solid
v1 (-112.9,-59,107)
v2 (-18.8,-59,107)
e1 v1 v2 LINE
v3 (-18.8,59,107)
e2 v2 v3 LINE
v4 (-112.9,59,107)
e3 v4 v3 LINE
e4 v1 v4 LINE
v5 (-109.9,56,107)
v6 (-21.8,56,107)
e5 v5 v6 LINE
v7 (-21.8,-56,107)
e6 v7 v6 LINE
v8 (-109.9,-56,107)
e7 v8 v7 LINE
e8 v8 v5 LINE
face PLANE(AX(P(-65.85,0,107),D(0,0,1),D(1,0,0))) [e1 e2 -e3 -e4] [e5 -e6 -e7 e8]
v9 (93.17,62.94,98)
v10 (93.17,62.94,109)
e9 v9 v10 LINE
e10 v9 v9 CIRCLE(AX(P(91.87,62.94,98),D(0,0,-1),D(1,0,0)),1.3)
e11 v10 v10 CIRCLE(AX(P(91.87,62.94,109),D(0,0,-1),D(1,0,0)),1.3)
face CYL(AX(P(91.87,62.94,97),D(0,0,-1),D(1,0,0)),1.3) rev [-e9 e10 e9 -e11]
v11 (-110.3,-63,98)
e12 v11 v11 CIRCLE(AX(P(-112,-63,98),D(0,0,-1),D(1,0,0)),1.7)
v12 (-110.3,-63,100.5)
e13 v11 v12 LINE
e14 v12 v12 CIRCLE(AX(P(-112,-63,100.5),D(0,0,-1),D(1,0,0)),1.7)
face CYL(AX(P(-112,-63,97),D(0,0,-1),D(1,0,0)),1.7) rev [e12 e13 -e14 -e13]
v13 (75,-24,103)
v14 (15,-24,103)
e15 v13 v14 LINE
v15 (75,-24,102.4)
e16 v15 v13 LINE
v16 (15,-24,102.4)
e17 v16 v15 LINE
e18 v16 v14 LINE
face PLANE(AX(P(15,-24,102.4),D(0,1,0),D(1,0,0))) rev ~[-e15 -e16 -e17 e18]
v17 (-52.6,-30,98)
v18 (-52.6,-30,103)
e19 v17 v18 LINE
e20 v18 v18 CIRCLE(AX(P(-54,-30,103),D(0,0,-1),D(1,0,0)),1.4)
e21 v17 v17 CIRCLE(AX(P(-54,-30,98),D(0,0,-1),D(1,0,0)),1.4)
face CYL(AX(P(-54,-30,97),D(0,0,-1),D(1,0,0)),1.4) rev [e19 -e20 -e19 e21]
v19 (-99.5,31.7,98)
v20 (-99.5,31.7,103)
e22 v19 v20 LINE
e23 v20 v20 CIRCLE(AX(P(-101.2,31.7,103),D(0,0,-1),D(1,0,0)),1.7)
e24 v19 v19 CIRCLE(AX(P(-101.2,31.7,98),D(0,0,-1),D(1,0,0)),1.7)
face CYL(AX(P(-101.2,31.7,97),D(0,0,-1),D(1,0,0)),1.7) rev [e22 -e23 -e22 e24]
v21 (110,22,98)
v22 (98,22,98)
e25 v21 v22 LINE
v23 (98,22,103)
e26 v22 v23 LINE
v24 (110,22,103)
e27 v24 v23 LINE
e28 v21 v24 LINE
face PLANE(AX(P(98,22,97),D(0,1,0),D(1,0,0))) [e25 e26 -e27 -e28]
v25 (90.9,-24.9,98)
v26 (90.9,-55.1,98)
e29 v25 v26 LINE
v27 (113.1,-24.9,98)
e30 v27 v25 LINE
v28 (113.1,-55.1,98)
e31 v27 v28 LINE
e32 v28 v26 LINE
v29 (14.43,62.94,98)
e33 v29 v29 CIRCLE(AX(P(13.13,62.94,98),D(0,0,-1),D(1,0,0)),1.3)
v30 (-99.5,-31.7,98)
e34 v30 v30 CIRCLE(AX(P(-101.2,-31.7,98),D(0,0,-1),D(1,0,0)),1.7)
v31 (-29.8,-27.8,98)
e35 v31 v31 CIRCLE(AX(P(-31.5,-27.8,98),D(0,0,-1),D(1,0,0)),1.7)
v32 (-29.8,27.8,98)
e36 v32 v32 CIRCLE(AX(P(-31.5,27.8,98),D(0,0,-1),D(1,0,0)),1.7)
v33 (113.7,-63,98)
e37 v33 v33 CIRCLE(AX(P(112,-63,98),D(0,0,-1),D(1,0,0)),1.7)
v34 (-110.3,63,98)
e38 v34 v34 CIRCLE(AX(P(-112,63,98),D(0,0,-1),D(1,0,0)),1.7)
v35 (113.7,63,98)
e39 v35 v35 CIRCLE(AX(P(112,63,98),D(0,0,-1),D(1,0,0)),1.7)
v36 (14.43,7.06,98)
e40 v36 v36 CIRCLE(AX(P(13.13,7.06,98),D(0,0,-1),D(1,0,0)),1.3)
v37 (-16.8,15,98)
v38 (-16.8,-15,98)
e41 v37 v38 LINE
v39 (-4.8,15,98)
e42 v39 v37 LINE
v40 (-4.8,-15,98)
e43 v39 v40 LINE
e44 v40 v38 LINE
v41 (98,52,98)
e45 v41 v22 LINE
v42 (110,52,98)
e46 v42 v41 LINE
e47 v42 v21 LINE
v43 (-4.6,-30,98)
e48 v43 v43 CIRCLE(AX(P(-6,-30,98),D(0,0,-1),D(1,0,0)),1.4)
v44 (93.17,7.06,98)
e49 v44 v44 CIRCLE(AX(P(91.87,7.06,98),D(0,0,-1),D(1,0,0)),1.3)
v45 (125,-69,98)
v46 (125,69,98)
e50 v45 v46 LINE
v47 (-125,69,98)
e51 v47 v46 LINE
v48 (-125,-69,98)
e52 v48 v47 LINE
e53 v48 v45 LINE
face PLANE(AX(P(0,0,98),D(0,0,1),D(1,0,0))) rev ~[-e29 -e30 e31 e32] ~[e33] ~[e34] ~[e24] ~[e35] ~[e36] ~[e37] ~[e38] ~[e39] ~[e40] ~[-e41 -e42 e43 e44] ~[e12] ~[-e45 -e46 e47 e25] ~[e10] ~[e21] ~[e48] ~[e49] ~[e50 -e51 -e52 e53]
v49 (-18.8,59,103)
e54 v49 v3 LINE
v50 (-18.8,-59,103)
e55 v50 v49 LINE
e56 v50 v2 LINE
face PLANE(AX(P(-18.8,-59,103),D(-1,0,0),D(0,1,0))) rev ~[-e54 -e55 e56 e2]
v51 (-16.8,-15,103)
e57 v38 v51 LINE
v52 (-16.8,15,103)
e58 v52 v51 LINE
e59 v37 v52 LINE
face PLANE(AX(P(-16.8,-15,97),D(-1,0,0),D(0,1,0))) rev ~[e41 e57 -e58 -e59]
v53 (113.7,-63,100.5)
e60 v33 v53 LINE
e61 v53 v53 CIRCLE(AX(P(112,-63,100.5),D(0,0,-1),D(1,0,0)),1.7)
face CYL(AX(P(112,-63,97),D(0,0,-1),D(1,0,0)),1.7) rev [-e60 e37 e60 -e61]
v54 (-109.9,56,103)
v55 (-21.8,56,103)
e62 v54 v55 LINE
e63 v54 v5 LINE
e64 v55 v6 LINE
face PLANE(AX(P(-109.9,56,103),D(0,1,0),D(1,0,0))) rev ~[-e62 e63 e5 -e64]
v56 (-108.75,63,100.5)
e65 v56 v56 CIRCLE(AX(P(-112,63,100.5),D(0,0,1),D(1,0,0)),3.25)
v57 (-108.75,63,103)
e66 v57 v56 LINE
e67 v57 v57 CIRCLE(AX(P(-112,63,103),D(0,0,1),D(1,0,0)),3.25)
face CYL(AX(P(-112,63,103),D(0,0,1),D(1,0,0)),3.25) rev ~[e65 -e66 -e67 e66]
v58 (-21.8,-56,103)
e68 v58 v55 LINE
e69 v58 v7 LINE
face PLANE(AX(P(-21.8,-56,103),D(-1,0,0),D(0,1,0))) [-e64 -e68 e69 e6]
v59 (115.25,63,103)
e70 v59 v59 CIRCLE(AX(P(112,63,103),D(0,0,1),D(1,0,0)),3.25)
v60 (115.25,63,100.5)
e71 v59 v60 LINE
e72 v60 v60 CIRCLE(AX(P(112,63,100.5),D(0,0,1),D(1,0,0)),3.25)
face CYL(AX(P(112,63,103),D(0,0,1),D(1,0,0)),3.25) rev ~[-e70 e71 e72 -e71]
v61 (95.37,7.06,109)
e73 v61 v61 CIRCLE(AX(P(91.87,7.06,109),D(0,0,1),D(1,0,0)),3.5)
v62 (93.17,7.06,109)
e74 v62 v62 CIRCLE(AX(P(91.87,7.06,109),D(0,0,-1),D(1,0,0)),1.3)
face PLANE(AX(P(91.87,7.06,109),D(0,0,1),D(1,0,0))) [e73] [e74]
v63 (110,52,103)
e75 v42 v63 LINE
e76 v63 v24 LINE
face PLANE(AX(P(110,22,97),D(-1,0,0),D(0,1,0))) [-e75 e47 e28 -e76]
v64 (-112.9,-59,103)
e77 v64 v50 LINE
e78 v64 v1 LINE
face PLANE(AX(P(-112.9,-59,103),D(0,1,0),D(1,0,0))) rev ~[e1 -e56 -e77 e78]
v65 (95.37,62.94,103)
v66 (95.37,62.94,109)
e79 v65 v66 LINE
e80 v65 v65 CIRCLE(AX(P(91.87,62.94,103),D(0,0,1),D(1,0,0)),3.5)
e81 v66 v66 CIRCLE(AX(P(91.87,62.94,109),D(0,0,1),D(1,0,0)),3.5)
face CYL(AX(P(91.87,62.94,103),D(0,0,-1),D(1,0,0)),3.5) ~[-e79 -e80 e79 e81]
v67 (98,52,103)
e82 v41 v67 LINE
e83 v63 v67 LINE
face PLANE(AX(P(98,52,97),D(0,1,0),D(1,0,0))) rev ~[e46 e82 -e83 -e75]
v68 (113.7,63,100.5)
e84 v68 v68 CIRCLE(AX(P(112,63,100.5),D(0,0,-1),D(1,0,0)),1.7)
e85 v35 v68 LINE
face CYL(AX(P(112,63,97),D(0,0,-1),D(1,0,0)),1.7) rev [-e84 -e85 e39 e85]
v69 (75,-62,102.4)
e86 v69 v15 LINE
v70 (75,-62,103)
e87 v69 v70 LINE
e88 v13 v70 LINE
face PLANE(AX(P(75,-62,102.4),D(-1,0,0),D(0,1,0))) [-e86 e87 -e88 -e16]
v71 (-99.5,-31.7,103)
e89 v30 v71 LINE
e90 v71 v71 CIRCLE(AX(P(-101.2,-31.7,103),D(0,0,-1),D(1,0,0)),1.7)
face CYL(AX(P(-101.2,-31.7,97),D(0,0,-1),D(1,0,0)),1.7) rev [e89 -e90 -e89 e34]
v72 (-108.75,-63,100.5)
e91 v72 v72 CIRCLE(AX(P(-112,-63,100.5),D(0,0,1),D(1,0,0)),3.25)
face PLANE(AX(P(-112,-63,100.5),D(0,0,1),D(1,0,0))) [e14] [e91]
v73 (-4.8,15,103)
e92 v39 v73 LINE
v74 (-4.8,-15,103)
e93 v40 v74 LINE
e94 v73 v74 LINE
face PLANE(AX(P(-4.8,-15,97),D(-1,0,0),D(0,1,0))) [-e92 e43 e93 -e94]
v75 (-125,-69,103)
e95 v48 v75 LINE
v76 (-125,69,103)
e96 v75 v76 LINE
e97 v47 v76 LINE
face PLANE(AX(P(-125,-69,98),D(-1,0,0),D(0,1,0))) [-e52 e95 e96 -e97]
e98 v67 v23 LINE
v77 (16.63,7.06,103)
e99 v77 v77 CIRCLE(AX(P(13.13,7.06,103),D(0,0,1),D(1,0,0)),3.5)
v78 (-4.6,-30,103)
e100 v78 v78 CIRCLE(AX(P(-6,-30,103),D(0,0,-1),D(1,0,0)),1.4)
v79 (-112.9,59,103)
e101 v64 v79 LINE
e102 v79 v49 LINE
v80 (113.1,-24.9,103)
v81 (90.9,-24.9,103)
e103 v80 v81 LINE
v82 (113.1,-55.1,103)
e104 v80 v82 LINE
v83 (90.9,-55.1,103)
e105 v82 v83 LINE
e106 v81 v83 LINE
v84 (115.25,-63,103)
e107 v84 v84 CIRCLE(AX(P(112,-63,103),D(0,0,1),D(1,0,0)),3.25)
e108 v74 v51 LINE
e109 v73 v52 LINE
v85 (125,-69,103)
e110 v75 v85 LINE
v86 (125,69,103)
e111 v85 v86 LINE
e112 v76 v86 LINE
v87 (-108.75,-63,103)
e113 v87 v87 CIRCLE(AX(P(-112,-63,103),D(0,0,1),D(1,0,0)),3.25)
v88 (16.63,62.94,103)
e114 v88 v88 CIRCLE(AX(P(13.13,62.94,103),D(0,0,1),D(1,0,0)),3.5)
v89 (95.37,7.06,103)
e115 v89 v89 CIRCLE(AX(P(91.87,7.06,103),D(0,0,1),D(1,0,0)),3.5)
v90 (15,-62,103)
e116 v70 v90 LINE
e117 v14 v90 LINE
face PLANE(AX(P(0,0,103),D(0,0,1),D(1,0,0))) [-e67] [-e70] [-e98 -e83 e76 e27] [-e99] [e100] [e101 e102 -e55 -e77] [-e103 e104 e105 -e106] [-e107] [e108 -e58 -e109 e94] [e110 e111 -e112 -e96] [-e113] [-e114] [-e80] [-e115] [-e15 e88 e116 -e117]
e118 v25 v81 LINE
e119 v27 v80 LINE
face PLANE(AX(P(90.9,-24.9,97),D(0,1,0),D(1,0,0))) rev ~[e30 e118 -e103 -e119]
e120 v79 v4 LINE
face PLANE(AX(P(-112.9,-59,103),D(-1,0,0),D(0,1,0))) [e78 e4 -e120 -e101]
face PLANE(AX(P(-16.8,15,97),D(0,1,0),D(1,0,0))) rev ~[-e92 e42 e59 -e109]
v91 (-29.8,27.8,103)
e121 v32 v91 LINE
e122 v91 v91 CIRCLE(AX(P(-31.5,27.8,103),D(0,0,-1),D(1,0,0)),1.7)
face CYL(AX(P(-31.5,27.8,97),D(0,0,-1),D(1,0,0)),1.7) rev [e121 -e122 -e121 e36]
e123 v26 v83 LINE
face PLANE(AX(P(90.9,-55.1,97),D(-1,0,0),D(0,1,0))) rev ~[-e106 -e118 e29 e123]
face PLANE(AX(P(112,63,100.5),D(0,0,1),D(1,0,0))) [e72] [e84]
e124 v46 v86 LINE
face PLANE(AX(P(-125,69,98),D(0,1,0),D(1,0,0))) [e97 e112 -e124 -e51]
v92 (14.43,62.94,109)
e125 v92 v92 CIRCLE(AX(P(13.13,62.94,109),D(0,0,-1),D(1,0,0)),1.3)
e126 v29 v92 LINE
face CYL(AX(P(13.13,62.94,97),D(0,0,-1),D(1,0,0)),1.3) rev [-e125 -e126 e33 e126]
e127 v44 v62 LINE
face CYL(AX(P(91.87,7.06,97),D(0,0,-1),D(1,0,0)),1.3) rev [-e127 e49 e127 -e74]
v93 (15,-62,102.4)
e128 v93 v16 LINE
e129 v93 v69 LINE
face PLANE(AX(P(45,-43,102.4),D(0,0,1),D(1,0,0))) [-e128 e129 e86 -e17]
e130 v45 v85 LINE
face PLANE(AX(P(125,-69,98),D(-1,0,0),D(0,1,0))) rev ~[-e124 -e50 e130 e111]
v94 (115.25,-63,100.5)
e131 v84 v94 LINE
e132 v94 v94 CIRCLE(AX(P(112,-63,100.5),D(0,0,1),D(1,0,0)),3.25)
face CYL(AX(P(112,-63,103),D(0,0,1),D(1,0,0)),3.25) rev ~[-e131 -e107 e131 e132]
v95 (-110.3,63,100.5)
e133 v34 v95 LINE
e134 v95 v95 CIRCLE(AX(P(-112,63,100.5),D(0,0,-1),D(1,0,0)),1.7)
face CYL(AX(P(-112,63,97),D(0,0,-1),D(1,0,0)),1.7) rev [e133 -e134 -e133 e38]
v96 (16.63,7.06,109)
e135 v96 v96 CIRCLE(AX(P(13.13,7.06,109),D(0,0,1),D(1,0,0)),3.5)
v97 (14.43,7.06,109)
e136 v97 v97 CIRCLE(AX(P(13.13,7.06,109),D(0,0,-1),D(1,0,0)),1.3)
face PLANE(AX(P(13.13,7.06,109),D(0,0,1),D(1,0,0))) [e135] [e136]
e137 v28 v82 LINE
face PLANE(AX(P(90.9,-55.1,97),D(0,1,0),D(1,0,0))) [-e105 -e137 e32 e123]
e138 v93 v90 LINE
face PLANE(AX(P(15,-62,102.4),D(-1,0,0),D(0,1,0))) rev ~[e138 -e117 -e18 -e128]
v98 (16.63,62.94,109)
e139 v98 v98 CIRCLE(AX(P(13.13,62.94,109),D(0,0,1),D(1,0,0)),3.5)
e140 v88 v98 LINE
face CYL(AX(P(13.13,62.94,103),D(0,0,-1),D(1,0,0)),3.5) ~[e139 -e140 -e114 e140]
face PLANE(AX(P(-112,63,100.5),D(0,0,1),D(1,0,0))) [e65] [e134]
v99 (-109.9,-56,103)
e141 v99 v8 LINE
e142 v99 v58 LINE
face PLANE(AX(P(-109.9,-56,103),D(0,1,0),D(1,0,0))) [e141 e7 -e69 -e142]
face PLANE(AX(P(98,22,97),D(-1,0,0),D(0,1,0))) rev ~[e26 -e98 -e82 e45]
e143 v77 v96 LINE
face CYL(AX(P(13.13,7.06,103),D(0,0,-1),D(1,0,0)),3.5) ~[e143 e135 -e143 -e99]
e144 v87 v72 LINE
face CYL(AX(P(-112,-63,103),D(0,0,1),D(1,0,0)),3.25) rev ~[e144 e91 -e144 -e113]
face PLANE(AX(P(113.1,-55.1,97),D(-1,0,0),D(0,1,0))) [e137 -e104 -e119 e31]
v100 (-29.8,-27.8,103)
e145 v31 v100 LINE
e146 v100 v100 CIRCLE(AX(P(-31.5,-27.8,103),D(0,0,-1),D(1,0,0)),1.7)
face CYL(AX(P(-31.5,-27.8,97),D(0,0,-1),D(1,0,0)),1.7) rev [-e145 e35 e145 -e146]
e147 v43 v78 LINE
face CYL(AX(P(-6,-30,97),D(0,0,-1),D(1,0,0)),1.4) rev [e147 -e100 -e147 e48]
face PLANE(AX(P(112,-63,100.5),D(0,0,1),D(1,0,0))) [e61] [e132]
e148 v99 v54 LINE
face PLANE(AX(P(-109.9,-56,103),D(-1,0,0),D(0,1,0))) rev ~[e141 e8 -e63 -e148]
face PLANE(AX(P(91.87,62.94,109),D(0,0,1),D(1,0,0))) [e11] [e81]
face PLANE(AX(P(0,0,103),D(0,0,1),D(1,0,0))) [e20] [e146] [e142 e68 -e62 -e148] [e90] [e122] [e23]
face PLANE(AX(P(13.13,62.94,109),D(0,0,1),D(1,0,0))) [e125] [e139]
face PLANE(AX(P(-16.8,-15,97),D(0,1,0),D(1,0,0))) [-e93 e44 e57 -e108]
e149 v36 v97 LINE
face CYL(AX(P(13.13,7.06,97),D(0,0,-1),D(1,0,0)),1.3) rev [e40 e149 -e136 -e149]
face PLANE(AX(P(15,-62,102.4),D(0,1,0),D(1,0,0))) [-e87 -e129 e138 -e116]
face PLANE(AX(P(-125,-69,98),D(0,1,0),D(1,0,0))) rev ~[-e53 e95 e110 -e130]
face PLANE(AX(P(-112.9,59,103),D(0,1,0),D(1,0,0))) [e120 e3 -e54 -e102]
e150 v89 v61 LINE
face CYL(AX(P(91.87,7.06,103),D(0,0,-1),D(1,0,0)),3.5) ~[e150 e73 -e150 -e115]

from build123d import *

# Parameters (mm, degrees)
SKETCH1_W                       = 250
SKETCH1_H                       = 138
PLATE_DEPTH                     = 5
SKETCH2_W                       = 94.1
SKETCH2_H                       = 118
SKETCH2_W_2                     = 88.1
SKETCH2_H_2                     = 112
ARM_LOCATING_FENCE_DEPTH        = 4
SKETCH3_R                       = 1.7
ARM_M3_HOLES_DEPTH              = 7
SKETCH4_R                       = 1.7
DECK_M3_HOLES_DEPTH             = 7
SKETCH5_R                       = 3.25
DECK_COUNTERBORES_DEPTH         = 2.5
SKETCH6_W                       = 22.2
SKETCH6_H                       = 30.2
KILL_SWITCH_CUTOUT_DEPTH        = 7
SKETCH7_W                       = 12
SKETCH7_H                       = 30
SERVO_CABLE_SLOT_DEPTH          = 7
SKETCH8_R                       = 1.4
ESP32_STANDOFF_HOLES_M2P5_DEPTH = 7
SKETCH9_R                       = 3.5
MDD10A_BOSSES_DEPTH             = 6
SKETCH10_R                      = 1.3
MDD10A_PILOTS_M3_DEPTH          = 13
SKETCH11_W                      = 12
SKETCH11_H                      = 30
MOTOR_WIRE_SLOT_DEPTH           = 7
SKETCH12_W                      = 60
SKETCH12_H                      = 38
NAME_PLATE_RECESS_DEPTH         = 1.6


with BuildPart() as part:
    # Sketch1 → Plate (new body)
    with BuildSketch(Plane.XY.offset(98)):
        Rectangle(SKETCH1_W, SKETCH1_H)
    extrude(amount=PLATE_DEPTH)

    # Sketch2 → Arm_locating_fence (add)
    with BuildSketch(Plane.XY.offset(103)):
        with Locations((-65.85, 0)):
            Rectangle(SKETCH2_W, SKETCH2_H)
        with Locations((-65.85, 0)):
            Rectangle(SKETCH2_W_2, SKETCH2_H_2, mode=Mode.SUBTRACT)
    extrude(amount=ARM_LOCATING_FENCE_DEPTH)

    # Sketch3 → Arm_M3_holes (cut)
    with BuildSketch(Plane.XY.offset(97)):
        with Locations((-101.2, 31.7)):
            Circle(SKETCH3_R)
        with Locations((-101.2, -31.7)):
            Circle(SKETCH3_R)
        with Locations((-31.5, 27.8)):
            Circle(SKETCH3_R)
        with Locations((-31.5, -27.8)):
            Circle(SKETCH3_R)
    extrude(amount=ARM_M3_HOLES_DEPTH, mode=Mode.SUBTRACT)

    # Sketch4 → Deck_M3_holes (cut)
    with BuildSketch(Plane.XY.offset(97)):
        with Locations((-112, 63)):
            Circle(SKETCH4_R)
        with Locations((-112, -63)):
            Circle(SKETCH4_R)
        with Locations((112, 63)):
            Circle(SKETCH4_R)
        with Locations((112, -63)):
            Circle(SKETCH4_R)
    extrude(amount=DECK_M3_HOLES_DEPTH, mode=Mode.SUBTRACT)

    # Sketch5 → Deck_counterbores (cut)
    with BuildSketch(Plane.XY.offset(103)):
        with Locations((-112, 63)):
            Circle(SKETCH5_R)
        with Locations((-112, -63)):
            Circle(SKETCH5_R)
        with Locations((112, 63)):
            Circle(SKETCH5_R)
        with Locations((112, -63)):
            Circle(SKETCH5_R)
    extrude(amount=-DECK_COUNTERBORES_DEPTH, mode=Mode.SUBTRACT)

    # Sketch6 → Kill_switch_cutout (cut)
    with BuildSketch(Plane.XY.offset(97)):
        with Locations((102, -40)):
            Rectangle(SKETCH6_W, SKETCH6_H)
    extrude(amount=KILL_SWITCH_CUTOUT_DEPTH, mode=Mode.SUBTRACT)

    # Sketch7 → Servo_cable_slot (cut)
    with BuildSketch(Plane.XY.offset(97)):
        with Locations((-10.8, 0)):
            Rectangle(SKETCH7_W, SKETCH7_H)
    extrude(amount=SERVO_CABLE_SLOT_DEPTH, mode=Mode.SUBTRACT)

    # Sketch8 → ESP32_standoff_holes_M2p5 (cut)
    with BuildSketch(Plane.XY.offset(97)):
        with Locations((-6, -30)):
            Circle(SKETCH8_R)
        with Locations((-54, -30)):
            Circle(SKETCH8_R)
    extrude(amount=ESP32_STANDOFF_HOLES_M2P5_DEPTH, mode=Mode.SUBTRACT)

    # Sketch9 → MDD10A_bosses (add)
    with BuildSketch(Plane.XY.offset(103)):
        with Locations((13.13, 7.06)):
            Circle(SKETCH9_R)
        with Locations((13.13, 62.94)):
            Circle(SKETCH9_R)
        with Locations((91.87, 7.06)):
            Circle(SKETCH9_R)
        with Locations((91.87, 62.94)):
            Circle(SKETCH9_R)
    extrude(amount=MDD10A_BOSSES_DEPTH)

    # Sketch10 → MDD10A_pilots_M3 (cut)
    with BuildSketch(Plane.XY.offset(97)):
        with Locations((13.13, 7.06)):
            Circle(SKETCH10_R)
        with Locations((13.13, 62.94)):
            Circle(SKETCH10_R)
        with Locations((91.87, 7.06)):
            Circle(SKETCH10_R)
        with Locations((91.87, 62.94)):
            Circle(SKETCH10_R)
    extrude(amount=MDD10A_PILOTS_M3_DEPTH, mode=Mode.SUBTRACT)

    # Sketch11 → Motor_wire_slot (cut)
    with BuildSketch(Plane.XY.offset(97)):
        with Locations((104, 37)):
            Rectangle(SKETCH11_W, SKETCH11_H)
    extrude(amount=MOTOR_WIRE_SLOT_DEPTH, mode=Mode.SUBTRACT)

    # Sketch12 → Name_plate_recess (cut)
    with BuildSketch(Plane.XY.offset(102.4)):
        with Locations((45, -43)):
            Rectangle(SKETCH12_W, SKETCH12_H)
    extrude(amount=NAME_PLATE_RECESS_DEPTH, mode=Mode.SUBTRACT)


solid = part.part
